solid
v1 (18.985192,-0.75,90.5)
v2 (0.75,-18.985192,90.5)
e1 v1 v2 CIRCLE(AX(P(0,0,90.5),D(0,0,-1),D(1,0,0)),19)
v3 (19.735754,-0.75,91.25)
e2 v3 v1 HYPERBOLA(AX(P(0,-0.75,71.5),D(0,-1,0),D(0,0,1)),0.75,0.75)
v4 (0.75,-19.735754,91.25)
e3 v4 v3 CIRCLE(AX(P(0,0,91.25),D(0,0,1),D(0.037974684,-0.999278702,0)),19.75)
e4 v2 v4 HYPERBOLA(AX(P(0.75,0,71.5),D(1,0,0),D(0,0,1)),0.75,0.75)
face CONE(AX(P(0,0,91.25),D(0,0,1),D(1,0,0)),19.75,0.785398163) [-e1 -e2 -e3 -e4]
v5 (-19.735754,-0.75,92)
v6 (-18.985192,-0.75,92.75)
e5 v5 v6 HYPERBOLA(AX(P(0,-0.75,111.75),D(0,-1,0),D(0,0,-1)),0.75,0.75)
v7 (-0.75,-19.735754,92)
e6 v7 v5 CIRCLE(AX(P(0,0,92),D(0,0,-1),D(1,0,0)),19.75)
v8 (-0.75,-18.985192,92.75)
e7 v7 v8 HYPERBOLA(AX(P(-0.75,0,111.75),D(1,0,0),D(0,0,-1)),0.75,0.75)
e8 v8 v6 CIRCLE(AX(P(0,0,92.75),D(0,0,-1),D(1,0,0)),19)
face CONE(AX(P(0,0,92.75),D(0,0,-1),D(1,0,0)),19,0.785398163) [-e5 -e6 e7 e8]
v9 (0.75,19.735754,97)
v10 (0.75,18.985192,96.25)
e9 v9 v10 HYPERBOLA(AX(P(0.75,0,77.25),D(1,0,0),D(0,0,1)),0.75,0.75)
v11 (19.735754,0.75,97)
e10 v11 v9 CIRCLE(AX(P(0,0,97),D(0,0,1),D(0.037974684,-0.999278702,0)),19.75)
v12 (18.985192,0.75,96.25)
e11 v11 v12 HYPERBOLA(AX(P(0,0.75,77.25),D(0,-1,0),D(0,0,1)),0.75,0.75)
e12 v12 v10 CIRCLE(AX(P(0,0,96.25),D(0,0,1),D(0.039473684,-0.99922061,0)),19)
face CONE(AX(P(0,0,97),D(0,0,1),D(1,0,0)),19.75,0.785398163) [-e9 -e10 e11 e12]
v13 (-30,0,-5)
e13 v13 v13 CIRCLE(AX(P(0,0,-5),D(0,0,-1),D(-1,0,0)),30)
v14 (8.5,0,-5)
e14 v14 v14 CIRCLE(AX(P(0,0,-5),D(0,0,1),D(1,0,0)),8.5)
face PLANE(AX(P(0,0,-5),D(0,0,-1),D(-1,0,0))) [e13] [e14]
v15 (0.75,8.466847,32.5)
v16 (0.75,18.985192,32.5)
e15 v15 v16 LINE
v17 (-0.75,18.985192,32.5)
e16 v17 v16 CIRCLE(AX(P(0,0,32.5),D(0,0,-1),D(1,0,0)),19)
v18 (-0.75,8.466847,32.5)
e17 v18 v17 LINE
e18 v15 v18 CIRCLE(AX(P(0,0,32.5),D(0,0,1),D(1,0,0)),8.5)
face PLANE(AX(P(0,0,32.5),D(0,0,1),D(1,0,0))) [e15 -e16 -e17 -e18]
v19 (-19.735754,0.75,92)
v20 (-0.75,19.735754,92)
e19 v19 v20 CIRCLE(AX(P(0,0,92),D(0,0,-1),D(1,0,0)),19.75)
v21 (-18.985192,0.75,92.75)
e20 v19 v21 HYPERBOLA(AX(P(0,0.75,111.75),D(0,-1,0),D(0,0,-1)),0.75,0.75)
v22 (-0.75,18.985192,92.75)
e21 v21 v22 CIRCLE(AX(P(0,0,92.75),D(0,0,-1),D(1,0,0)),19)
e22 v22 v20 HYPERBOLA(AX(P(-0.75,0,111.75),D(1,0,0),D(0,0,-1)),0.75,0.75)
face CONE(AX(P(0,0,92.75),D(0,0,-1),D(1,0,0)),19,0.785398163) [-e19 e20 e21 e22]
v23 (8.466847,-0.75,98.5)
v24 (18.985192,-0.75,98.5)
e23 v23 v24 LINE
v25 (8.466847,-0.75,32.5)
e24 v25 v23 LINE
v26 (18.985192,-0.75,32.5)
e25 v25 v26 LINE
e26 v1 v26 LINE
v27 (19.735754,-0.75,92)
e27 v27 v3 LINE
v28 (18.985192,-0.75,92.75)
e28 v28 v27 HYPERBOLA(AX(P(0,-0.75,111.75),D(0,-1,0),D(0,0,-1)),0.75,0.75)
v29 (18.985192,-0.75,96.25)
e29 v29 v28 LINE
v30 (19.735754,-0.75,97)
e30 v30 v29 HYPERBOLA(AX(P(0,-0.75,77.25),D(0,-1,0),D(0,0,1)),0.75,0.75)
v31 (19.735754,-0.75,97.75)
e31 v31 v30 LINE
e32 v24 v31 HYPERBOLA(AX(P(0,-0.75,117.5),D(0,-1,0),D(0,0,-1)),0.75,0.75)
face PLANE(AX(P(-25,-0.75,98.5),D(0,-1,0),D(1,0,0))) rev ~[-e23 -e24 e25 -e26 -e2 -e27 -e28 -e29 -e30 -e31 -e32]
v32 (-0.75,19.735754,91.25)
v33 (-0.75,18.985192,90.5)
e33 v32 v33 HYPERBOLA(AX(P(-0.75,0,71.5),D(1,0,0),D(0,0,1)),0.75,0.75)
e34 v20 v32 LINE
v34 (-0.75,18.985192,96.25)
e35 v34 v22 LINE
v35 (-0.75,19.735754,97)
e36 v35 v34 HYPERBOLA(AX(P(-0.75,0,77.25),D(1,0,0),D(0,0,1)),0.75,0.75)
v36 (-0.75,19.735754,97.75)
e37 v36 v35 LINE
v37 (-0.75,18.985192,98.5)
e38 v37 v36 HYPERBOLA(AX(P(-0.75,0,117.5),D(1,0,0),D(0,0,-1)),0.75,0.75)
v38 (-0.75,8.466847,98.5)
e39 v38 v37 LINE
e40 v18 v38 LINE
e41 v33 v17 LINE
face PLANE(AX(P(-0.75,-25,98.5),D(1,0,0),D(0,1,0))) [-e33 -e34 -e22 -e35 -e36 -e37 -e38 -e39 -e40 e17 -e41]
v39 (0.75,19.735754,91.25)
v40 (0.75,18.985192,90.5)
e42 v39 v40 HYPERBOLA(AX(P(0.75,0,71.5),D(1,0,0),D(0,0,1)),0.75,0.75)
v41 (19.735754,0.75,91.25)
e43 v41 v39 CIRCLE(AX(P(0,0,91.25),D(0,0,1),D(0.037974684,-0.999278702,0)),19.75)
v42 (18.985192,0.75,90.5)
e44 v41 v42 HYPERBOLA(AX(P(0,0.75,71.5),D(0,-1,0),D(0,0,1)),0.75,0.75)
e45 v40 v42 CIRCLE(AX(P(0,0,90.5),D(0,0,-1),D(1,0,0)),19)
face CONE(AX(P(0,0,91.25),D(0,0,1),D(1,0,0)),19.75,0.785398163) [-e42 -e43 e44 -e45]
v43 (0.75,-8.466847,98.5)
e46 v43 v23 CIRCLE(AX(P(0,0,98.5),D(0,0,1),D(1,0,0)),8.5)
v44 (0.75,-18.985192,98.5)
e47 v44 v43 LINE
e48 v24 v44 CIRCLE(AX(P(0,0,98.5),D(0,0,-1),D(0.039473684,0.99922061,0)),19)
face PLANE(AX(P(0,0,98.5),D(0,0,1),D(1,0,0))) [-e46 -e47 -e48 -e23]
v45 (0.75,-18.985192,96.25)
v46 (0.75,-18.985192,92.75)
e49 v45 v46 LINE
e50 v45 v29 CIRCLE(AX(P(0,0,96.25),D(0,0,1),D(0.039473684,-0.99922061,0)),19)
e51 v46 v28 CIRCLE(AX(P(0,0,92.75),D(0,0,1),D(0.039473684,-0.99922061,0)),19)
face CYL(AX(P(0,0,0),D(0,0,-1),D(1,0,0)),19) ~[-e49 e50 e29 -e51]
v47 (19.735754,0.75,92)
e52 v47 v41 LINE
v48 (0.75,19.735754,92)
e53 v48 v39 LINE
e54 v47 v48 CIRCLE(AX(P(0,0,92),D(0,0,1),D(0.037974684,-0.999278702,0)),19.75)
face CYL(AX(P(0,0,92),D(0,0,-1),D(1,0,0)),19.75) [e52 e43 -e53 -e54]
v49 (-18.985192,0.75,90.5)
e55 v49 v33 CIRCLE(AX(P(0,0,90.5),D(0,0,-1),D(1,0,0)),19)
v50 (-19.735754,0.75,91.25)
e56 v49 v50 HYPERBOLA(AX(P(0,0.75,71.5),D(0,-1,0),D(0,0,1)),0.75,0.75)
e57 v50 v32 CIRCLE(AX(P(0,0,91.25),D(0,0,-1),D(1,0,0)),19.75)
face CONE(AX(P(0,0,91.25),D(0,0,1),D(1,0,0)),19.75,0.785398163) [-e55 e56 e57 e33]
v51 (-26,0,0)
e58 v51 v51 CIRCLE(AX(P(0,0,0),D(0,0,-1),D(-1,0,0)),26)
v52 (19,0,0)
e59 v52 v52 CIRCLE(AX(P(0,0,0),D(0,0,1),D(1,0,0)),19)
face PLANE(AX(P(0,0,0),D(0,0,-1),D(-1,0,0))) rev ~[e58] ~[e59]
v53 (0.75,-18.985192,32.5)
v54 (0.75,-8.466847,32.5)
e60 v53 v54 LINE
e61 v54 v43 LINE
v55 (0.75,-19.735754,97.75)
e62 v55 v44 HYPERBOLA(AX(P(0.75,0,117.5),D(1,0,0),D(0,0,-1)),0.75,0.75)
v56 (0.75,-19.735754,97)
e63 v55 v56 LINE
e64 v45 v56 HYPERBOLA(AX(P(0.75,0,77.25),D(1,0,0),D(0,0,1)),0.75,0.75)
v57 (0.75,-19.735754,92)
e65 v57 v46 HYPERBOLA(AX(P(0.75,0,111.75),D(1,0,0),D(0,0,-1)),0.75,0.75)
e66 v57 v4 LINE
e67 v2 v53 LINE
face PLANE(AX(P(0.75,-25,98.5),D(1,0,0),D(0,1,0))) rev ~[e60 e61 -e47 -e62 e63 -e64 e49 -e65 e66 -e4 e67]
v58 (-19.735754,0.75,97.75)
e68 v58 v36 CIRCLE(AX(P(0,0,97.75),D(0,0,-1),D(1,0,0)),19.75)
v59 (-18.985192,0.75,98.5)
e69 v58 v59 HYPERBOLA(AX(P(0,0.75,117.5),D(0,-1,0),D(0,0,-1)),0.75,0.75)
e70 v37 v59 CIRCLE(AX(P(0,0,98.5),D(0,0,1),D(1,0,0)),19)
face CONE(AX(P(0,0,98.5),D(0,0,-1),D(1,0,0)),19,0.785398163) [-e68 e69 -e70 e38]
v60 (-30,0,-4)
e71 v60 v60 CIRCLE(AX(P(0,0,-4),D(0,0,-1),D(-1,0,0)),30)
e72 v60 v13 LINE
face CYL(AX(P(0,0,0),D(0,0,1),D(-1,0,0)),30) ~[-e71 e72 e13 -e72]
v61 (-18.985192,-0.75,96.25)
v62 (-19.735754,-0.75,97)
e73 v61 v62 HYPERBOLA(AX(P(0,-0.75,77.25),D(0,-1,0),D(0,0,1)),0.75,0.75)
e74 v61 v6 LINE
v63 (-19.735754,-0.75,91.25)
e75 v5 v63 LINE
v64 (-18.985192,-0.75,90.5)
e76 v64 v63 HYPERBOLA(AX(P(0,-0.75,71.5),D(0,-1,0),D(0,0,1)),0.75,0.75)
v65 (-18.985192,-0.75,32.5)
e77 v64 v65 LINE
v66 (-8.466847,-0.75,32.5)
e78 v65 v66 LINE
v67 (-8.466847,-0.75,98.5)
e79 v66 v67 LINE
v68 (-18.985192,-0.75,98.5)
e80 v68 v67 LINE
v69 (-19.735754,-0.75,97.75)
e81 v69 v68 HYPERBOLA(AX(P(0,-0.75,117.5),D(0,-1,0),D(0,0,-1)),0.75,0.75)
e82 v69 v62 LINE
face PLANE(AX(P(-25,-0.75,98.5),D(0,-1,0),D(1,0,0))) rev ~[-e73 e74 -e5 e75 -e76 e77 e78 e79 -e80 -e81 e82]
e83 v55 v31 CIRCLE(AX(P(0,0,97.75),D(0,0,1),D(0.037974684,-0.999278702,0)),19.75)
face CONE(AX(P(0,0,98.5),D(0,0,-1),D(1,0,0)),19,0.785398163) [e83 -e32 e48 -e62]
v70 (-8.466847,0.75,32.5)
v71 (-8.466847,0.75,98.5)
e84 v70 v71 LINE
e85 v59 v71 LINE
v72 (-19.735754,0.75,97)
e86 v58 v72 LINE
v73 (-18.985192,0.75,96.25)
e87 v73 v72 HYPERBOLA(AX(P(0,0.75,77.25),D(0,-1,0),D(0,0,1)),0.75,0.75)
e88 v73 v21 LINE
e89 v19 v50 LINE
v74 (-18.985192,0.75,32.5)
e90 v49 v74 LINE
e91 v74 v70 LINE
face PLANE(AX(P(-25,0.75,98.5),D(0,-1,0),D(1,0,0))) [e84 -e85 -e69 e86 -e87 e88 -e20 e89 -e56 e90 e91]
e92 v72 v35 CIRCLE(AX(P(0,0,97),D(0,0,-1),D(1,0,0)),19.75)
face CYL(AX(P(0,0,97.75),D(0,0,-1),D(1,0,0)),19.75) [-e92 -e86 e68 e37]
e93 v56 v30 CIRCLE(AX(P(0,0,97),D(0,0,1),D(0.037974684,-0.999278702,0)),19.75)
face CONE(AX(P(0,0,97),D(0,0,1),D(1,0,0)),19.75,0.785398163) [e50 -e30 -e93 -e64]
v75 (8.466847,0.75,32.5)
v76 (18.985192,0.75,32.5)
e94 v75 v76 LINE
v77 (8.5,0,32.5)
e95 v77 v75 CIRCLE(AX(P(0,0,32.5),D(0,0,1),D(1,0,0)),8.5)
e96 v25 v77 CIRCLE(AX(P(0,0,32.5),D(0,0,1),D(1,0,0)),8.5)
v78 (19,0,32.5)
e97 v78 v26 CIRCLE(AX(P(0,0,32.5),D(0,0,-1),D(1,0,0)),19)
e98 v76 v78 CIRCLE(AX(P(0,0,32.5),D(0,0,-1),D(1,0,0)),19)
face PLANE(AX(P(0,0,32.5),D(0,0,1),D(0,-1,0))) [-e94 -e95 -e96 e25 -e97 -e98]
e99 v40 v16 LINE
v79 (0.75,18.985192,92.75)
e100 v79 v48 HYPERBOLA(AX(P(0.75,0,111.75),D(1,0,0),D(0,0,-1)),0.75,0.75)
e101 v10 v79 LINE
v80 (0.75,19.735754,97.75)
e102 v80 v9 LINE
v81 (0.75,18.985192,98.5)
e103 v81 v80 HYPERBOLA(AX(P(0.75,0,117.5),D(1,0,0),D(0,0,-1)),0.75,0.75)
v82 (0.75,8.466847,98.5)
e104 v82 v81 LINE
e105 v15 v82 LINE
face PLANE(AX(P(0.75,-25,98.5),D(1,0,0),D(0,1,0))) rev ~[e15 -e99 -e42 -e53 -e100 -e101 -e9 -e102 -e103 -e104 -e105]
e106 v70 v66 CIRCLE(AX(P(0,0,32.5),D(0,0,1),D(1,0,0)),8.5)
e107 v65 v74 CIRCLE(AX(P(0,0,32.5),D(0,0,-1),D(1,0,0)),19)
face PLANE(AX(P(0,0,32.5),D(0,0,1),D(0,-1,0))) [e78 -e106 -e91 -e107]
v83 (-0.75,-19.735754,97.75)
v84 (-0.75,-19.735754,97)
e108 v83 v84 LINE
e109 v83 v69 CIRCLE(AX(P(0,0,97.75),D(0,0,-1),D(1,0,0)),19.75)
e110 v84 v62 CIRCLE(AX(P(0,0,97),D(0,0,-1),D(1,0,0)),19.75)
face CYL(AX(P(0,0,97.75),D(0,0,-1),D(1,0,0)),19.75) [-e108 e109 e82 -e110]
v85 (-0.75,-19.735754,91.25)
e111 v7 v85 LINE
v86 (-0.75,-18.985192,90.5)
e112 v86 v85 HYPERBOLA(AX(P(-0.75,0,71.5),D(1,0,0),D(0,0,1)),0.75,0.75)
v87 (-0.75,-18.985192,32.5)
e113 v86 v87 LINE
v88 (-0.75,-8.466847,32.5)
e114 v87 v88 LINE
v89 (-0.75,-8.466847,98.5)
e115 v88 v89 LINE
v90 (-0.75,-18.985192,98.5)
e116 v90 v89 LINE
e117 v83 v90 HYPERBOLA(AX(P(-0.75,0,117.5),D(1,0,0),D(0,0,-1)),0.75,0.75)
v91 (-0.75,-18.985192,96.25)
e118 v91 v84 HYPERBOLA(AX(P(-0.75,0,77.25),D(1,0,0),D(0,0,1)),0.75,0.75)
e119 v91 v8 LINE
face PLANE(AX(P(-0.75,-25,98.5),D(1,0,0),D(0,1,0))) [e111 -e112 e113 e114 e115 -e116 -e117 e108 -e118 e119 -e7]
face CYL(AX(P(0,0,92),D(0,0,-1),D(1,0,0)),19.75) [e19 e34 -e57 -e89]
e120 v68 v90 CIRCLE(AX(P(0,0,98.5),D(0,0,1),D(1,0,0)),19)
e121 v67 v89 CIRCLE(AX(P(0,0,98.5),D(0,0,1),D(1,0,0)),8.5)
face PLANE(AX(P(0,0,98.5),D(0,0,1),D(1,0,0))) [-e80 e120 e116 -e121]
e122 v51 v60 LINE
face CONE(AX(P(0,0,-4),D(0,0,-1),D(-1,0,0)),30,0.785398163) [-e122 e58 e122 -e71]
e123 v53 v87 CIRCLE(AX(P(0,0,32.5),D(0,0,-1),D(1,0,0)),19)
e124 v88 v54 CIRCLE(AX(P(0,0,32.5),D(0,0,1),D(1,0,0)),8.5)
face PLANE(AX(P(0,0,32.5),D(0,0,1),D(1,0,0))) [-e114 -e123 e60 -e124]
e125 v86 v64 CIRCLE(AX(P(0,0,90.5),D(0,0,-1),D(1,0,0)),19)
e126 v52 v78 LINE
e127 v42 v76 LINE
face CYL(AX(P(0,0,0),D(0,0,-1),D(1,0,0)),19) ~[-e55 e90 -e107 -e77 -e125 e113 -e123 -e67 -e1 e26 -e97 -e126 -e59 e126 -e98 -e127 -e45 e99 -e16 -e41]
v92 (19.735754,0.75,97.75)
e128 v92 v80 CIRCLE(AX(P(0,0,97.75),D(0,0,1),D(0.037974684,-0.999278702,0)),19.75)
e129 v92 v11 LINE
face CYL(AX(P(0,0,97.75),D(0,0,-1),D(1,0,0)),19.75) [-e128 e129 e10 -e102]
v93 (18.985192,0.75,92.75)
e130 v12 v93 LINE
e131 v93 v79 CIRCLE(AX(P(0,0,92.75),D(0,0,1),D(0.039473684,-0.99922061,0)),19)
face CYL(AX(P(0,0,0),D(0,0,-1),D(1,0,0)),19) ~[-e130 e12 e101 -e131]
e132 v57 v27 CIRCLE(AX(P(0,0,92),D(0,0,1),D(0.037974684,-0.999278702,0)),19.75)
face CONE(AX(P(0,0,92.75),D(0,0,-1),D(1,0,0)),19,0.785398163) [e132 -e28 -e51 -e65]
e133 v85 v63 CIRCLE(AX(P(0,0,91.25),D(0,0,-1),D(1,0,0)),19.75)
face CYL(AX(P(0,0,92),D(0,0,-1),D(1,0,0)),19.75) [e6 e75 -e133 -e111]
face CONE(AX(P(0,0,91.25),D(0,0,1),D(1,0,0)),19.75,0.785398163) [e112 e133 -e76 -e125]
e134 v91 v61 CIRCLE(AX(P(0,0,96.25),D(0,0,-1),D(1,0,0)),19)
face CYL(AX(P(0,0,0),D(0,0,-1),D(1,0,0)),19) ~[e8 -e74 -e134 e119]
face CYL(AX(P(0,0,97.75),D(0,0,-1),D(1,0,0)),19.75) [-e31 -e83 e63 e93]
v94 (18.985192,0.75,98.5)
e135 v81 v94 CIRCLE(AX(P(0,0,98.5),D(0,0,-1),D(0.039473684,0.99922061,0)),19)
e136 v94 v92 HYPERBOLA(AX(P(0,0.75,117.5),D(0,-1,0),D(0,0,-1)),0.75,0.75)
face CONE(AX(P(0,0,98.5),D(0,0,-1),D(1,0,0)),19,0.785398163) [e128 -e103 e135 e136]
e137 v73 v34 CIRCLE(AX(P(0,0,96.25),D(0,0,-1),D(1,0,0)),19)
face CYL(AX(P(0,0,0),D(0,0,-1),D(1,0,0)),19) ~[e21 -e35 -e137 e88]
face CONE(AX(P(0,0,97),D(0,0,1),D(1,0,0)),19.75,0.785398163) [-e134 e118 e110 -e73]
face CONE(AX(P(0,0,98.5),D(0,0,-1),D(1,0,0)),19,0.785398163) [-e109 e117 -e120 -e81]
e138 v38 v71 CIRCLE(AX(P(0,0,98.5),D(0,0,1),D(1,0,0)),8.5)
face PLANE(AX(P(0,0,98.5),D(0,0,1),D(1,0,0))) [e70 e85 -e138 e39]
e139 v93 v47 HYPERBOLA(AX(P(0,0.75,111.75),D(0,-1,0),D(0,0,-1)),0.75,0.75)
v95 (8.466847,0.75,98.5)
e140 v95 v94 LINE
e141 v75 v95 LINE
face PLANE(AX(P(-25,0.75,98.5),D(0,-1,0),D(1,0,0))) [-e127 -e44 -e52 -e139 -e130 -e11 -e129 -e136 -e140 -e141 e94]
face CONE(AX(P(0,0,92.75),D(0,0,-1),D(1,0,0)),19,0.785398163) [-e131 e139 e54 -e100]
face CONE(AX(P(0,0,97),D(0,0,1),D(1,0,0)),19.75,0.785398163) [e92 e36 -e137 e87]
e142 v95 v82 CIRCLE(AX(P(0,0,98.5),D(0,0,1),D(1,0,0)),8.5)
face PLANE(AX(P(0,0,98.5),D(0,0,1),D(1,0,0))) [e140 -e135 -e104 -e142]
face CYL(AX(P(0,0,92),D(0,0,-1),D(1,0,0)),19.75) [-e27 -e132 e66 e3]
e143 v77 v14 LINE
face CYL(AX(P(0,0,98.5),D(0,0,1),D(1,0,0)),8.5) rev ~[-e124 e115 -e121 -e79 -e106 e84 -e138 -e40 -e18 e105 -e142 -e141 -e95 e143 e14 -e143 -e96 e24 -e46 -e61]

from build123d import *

# Parameters (mm, degrees)
AXLE_BASE_SKETCH_R        = 19
AXLE_DEPTH                = 98.5
GUARD_BASE_R              = 30
GUARD_DEPTH               = 5
INNER_AXLE_HOLE_BASE_R    = 8.5
INNER_AXLE_HOLE_DEPTH     = 104.5
BEND_ROOM_BASE_W          = 1.5
BEND_ROOM_BASE_H          = 50
BEND_ROOM_1_DEPTH         = 66
BEND_ROOM_2_COUNT         = 2
BEND_ROOM_2_ANGLE         = 90
EASY_REMOVAL_CHAMFER_SIZE = 4


with BuildPart() as part:
    # Axle base sketch → Axle (new body)
    with BuildSketch(Plane.XY):
        Circle(AXLE_BASE_SKETCH_R)
    extrude(amount=AXLE_DEPTH)

    # Guard base → Guard (add)
    with BuildSketch(Plane(origin=(0, 0, 0), x_dir=(-1, 0, 0), z_dir=(0, 0, -1))):
        Circle(GUARD_BASE_R)
    extrude(amount=GUARD_DEPTH)

    # Inner axle hole base → Inner axle hole (cut, through all)
    with BuildSketch(Plane.XY.offset(98.5)):
        Circle(INNER_AXLE_HOLE_BASE_R)
    extrude(amount=-INNER_AXLE_HOLE_DEPTH, mode=Mode.SUBTRACT)

    # Mate ring base → Mate rings (revolve)
    with BuildSketch(Plane(origin=(0, 0, 0), x_dir=(1, 0, 0), z_dir=(0, 1, 0))):
        Polygon((19, -98.5), (19.75, -97.75), (19.75, -97), (19, -96.25), align=None)
        Polygon((19, -92.75), (19.75, -92), (19.75, -91.25), (19, -90.5), align=None)
    revolve(axis=Axis((0, 0, 0), (0, 0, -1)))

    # Bend room base → Bend room 1 (cut)
    with BuildSketch(Plane.XY.offset(98.5)):
        Rectangle(BEND_ROOM_BASE_W, BEND_ROOM_BASE_H)
    bend_room_1 = extrude(amount=-BEND_ROOM_1_DEPTH, mode=Mode.SUBTRACT)

    # Bend room 2: Bend room 1 ×2 about axis
    bend_room_2_axis = Axis((0, 0, 0), (0, 0, -1))
    for i in range(1, BEND_ROOM_2_COUNT):
        add(bend_room_1.rotate(bend_room_2_axis, i * BEND_ROOM_2_ANGLE / (BEND_ROOM_2_COUNT - 1)), mode=Mode.SUBTRACT)

    # Easy removal chamfer
    easy_removal_chamfer_edges = [part.edges().sort_by_distance(p)[0] for p in [
        (30, 0, 0),
    ]]
    chamfer(easy_removal_chamfer_edges, length=EASY_REMOVAL_CHAMFER_SIZE)


solid = part.part
